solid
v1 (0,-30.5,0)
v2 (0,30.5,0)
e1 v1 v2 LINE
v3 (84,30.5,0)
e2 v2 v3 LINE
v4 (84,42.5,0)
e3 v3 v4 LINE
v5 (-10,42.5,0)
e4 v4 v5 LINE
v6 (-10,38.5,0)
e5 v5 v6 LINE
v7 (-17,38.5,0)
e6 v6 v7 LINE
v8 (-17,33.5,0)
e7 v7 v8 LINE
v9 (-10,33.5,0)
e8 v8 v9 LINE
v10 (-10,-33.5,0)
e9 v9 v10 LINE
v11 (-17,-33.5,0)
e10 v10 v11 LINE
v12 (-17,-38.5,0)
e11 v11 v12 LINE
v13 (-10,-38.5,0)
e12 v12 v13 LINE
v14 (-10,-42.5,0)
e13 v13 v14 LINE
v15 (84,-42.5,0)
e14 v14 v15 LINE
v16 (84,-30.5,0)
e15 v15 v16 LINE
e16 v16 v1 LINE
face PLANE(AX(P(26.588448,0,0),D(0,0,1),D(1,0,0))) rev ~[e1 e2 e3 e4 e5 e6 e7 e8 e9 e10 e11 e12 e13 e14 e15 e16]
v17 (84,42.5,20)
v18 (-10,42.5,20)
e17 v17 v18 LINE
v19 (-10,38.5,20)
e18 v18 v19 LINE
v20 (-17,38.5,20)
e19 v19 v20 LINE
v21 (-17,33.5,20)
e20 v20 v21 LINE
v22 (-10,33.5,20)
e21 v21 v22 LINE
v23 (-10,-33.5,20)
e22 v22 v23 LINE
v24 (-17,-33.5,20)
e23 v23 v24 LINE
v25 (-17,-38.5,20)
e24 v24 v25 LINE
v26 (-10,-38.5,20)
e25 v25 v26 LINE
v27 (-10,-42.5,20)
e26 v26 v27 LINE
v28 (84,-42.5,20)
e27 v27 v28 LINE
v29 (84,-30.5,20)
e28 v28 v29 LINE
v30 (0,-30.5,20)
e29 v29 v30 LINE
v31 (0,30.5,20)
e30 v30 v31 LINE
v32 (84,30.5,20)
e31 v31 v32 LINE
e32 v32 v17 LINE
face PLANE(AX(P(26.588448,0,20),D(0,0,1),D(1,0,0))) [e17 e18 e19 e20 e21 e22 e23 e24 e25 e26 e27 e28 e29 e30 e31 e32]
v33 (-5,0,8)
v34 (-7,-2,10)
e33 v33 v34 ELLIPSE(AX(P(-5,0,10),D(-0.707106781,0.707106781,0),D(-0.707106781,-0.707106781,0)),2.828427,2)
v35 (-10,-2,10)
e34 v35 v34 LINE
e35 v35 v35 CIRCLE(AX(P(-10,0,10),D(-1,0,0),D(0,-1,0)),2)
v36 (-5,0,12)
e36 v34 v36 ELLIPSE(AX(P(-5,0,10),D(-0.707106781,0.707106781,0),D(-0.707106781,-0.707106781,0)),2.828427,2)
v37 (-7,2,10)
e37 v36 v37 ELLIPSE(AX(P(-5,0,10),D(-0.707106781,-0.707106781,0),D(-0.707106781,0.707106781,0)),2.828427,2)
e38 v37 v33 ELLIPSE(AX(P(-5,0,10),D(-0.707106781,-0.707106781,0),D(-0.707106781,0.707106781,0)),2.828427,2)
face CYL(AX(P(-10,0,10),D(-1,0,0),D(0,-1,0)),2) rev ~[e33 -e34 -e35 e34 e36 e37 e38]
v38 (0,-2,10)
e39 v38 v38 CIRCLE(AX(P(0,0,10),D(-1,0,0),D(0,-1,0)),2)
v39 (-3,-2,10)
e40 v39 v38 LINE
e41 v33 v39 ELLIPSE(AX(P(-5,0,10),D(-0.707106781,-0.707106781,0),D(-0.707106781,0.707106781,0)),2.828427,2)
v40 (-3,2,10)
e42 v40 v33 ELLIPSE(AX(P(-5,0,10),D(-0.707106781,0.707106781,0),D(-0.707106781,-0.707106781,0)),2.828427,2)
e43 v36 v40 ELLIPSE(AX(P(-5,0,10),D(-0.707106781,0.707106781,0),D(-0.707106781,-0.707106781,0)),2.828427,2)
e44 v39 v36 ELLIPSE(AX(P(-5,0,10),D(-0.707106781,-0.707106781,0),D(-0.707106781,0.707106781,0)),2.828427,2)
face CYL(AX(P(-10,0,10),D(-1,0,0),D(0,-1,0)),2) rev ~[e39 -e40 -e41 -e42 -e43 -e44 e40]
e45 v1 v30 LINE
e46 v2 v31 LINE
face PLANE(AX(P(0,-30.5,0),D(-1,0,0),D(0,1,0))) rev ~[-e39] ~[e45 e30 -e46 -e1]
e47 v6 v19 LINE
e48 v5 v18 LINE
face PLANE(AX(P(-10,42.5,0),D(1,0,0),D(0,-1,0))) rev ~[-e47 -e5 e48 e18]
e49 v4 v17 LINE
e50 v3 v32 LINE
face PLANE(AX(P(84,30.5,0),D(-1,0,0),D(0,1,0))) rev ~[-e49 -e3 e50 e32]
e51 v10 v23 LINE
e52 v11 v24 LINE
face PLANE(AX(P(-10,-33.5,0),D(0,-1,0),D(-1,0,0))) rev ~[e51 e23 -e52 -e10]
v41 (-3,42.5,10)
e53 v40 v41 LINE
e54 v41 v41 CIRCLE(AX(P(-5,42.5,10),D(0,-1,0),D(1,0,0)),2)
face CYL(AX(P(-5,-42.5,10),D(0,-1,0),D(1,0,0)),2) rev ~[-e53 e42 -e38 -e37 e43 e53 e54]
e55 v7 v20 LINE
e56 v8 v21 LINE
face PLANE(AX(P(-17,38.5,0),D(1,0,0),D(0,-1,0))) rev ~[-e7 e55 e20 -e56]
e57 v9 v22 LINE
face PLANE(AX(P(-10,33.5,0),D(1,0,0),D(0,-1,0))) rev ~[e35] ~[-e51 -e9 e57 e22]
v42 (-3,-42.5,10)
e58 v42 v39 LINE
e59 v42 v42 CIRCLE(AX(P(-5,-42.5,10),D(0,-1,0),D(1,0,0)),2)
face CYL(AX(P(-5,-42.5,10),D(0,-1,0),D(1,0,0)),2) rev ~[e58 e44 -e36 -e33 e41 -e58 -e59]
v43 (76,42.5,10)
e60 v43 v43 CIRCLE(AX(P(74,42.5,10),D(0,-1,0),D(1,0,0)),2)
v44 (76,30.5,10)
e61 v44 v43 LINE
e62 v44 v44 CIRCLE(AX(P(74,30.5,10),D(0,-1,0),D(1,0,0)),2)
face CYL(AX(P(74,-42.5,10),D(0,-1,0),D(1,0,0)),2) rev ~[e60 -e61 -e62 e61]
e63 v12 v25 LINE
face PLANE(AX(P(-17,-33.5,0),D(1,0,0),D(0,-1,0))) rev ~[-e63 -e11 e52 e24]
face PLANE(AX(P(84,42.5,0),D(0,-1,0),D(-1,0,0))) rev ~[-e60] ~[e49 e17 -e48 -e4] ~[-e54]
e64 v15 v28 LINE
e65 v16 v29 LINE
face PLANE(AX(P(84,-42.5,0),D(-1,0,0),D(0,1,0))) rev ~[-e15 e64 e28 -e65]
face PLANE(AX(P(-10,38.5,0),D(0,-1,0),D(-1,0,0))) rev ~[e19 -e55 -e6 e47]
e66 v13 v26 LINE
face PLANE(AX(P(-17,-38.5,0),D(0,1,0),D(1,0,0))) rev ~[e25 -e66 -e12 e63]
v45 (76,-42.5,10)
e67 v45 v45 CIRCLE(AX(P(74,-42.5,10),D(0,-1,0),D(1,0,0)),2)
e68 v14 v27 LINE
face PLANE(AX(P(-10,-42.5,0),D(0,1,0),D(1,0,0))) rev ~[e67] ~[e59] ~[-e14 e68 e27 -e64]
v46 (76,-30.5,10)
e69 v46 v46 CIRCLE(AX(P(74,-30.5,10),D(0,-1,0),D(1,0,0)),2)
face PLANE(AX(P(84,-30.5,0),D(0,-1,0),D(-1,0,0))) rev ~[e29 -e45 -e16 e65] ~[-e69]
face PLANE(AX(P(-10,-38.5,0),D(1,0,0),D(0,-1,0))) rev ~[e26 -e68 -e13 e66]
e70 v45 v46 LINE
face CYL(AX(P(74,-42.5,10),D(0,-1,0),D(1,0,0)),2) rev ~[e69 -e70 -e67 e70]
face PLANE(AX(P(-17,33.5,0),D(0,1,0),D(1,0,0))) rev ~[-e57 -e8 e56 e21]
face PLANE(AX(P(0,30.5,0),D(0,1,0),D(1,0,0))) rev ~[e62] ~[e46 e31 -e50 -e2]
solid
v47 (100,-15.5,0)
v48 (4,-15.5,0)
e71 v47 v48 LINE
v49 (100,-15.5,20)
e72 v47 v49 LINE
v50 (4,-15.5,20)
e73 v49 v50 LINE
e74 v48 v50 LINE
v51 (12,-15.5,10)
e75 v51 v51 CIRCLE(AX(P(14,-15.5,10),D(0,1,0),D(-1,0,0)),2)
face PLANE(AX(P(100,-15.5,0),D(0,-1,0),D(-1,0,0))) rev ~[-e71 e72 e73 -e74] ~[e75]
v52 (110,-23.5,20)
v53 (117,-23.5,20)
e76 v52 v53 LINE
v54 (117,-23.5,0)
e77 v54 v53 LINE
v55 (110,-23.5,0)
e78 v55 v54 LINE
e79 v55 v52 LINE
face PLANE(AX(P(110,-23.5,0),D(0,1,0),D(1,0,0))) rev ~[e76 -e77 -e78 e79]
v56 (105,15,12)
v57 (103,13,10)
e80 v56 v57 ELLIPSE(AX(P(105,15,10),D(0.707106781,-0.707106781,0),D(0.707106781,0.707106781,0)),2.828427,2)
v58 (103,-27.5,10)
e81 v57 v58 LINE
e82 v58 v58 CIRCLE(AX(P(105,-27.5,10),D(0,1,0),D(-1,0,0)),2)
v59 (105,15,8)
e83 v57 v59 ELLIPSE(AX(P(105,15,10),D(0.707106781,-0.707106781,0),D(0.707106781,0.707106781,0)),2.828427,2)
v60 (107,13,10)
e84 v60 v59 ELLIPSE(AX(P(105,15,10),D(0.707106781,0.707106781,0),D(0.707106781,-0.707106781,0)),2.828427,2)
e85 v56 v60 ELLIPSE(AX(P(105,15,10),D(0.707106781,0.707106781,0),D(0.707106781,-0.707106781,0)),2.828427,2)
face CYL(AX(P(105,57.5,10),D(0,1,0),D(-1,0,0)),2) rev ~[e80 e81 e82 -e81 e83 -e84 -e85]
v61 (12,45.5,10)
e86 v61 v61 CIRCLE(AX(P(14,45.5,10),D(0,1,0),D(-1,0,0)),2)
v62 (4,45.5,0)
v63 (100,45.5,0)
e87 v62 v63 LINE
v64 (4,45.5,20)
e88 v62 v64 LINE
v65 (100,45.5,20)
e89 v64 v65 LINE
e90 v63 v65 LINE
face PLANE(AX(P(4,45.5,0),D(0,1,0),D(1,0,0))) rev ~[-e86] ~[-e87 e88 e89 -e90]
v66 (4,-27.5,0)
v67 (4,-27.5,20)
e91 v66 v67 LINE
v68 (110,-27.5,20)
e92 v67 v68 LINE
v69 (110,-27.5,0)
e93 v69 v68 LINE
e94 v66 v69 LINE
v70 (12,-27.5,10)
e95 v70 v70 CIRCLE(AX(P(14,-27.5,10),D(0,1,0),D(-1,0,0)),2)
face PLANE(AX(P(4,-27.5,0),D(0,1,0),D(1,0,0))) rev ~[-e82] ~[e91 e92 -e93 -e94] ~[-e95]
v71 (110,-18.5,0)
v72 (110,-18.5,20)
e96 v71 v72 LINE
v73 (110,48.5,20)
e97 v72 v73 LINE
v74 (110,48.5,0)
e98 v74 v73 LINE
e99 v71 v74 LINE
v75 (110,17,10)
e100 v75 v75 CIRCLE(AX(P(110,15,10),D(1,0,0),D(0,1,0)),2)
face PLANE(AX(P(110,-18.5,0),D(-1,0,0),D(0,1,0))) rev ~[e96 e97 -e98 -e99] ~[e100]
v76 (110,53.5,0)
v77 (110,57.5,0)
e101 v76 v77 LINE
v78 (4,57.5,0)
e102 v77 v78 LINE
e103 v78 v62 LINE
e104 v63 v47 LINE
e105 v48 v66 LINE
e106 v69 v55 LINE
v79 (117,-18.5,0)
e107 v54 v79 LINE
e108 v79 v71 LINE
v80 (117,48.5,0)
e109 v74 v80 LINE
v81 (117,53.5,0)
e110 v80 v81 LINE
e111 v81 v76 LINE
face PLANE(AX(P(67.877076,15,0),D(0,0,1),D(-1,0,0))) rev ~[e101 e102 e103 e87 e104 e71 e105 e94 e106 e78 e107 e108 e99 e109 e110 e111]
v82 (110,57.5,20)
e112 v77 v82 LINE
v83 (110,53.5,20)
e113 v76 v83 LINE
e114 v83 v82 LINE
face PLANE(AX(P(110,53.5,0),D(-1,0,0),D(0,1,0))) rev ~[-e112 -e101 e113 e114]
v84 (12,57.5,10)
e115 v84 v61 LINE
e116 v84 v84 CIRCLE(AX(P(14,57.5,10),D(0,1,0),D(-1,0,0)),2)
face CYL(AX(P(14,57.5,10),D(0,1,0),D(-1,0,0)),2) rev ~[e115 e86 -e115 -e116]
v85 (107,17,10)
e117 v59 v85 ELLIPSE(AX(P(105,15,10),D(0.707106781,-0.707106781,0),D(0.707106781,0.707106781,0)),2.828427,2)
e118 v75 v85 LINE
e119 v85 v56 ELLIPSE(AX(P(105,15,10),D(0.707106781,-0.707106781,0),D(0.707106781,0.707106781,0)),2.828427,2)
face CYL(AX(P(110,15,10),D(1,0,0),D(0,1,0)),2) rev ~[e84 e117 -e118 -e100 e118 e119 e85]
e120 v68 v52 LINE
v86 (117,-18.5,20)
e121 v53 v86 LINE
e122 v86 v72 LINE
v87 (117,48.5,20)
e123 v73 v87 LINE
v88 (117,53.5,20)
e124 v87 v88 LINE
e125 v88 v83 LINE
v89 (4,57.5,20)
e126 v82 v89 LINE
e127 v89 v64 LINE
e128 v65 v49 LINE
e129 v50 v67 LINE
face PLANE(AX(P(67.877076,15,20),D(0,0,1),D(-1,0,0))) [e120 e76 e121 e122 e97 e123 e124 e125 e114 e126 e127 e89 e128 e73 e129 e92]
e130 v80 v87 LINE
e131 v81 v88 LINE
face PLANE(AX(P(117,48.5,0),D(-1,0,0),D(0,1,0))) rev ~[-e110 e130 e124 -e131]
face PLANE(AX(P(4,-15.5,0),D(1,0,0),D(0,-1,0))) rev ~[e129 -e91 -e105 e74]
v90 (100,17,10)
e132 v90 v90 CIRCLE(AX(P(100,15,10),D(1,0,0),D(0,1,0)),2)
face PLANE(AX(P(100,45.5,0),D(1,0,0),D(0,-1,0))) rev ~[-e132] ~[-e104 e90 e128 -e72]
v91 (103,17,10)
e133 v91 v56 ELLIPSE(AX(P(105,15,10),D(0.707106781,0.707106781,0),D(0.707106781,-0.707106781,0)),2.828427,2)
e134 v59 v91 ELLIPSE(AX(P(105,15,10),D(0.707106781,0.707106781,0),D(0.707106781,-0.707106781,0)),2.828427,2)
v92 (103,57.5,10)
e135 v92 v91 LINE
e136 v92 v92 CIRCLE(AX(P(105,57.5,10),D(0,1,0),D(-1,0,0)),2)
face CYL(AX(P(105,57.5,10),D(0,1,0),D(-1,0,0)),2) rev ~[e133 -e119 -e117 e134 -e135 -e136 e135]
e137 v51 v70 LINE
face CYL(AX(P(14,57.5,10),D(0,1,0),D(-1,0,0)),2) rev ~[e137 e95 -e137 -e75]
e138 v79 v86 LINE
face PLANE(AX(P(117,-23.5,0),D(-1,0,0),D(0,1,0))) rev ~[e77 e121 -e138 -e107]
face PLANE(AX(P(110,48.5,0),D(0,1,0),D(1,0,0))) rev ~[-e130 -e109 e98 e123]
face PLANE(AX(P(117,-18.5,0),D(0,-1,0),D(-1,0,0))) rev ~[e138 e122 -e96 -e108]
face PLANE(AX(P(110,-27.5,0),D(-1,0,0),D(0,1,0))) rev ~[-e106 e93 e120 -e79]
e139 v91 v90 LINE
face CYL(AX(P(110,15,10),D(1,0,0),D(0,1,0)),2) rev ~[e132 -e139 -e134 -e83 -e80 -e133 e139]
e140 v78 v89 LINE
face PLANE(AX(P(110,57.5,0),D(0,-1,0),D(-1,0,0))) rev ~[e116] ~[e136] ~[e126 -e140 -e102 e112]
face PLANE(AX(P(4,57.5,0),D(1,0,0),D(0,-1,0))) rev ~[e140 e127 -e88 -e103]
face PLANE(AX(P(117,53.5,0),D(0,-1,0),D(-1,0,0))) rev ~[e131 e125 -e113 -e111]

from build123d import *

# Parameters (mm, degrees)
PAD_DEPTH       = 20
SKETCH004_R     = 2
POCKET002_DEPTH = 94.001
SKETCH005_R     = 2
POCKET003_DEPTH = 85.001
PAD001_DEPTH    = 20
SKETCH007_R     = 2
POCKET004_DEPTH = 106.001
SKETCH008_R     = 2
POCKET005_DEPTH = 85.001


with BuildPart() as soporte_agujero_superior_lateral:
    # Sketch → Pad (new body)
    with BuildSketch(Plane.XY):
        Polygon((-10, -42.5), (84, -42.5), (84, -30.5), (0, -30.5), (0, 30.5), (84, 30.5), (84, 42.5), (-10, 42.5), (-10, 38.5), (-17, 38.5), (-17, 33.5), (-10, 33.5), (-10, -33.5), (-17, -33.5), (-17, -38.5), (-10, -38.5), align=None)
    extrude(amount=PAD_DEPTH)

    # Sketch004 → Pocket002 (cut, through all)
    with BuildSketch(Plane(origin=(-10, 0, 0), x_dir=(0, -1, 0), z_dir=(-1, 0, 0))):
        with Locations((0, 10)):
            Circle(SKETCH004_R)
    extrude(amount=-POCKET002_DEPTH, mode=Mode.SUBTRACT)

    # Sketch005 → Pocket003 (cut, through all)
    with BuildSketch(Plane.XZ.offset(42.5)):
        with Locations((-5, 10)):
            Circle(SKETCH005_R)
        with Locations((74, 10)):
            Circle(SKETCH005_R)
    extrude(amount=-POCKET003_DEPTH, mode=Mode.SUBTRACT)


with BuildPart() as soporte_agujero_superior_lateral001:
    # Sketch006 → Pad001 (new body)
    with BuildSketch(Plane(origin=(100, 15, 0), x_dir=(-1, 0, 0), z_dir=(0, 0, 1))):
        Polygon((-10, -42.5), (96, -42.5), (96, -30.5), (0, -30.5), (0, 30.5), (96, 30.5), (96, 42.5), (-10, 42.5), (-10, 38.5), (-17, 38.5), (-17, 33.5), (-10, 33.5), (-10, -33.5), (-17, -33.5), (-17, -38.5), (-10, -38.5), align=None)
    extrude(amount=PAD001_DEPTH)

    # Sketch007 → Pocket004 (cut, through all)
    with BuildSketch(Plane(origin=(110, 15, 0), x_dir=(0, 1, 0), z_dir=(1, 0, 0))):
        with Locations((0, 10)):
            Circle(SKETCH007_R)
    extrude(amount=-POCKET004_DEPTH, mode=Mode.SUBTRACT)

    # Sketch008 → Pocket005 (cut, through all)
    with BuildSketch(Plane(origin=(100, 57.5, 0), x_dir=(-1, 0, 0), z_dir=(0, 1, 0))):
        with Locations((-5, 10)):
            Circle(SKETCH008_R)
        with Locations((86, 10)):
            Circle(SKETCH008_R)
    extrude(amount=-POCKET005_DEPTH, mode=Mode.SUBTRACT)


solid = Compound([soporte_agujero_superior_lateral.part, soporte_agujero_superior_lateral001.part])
